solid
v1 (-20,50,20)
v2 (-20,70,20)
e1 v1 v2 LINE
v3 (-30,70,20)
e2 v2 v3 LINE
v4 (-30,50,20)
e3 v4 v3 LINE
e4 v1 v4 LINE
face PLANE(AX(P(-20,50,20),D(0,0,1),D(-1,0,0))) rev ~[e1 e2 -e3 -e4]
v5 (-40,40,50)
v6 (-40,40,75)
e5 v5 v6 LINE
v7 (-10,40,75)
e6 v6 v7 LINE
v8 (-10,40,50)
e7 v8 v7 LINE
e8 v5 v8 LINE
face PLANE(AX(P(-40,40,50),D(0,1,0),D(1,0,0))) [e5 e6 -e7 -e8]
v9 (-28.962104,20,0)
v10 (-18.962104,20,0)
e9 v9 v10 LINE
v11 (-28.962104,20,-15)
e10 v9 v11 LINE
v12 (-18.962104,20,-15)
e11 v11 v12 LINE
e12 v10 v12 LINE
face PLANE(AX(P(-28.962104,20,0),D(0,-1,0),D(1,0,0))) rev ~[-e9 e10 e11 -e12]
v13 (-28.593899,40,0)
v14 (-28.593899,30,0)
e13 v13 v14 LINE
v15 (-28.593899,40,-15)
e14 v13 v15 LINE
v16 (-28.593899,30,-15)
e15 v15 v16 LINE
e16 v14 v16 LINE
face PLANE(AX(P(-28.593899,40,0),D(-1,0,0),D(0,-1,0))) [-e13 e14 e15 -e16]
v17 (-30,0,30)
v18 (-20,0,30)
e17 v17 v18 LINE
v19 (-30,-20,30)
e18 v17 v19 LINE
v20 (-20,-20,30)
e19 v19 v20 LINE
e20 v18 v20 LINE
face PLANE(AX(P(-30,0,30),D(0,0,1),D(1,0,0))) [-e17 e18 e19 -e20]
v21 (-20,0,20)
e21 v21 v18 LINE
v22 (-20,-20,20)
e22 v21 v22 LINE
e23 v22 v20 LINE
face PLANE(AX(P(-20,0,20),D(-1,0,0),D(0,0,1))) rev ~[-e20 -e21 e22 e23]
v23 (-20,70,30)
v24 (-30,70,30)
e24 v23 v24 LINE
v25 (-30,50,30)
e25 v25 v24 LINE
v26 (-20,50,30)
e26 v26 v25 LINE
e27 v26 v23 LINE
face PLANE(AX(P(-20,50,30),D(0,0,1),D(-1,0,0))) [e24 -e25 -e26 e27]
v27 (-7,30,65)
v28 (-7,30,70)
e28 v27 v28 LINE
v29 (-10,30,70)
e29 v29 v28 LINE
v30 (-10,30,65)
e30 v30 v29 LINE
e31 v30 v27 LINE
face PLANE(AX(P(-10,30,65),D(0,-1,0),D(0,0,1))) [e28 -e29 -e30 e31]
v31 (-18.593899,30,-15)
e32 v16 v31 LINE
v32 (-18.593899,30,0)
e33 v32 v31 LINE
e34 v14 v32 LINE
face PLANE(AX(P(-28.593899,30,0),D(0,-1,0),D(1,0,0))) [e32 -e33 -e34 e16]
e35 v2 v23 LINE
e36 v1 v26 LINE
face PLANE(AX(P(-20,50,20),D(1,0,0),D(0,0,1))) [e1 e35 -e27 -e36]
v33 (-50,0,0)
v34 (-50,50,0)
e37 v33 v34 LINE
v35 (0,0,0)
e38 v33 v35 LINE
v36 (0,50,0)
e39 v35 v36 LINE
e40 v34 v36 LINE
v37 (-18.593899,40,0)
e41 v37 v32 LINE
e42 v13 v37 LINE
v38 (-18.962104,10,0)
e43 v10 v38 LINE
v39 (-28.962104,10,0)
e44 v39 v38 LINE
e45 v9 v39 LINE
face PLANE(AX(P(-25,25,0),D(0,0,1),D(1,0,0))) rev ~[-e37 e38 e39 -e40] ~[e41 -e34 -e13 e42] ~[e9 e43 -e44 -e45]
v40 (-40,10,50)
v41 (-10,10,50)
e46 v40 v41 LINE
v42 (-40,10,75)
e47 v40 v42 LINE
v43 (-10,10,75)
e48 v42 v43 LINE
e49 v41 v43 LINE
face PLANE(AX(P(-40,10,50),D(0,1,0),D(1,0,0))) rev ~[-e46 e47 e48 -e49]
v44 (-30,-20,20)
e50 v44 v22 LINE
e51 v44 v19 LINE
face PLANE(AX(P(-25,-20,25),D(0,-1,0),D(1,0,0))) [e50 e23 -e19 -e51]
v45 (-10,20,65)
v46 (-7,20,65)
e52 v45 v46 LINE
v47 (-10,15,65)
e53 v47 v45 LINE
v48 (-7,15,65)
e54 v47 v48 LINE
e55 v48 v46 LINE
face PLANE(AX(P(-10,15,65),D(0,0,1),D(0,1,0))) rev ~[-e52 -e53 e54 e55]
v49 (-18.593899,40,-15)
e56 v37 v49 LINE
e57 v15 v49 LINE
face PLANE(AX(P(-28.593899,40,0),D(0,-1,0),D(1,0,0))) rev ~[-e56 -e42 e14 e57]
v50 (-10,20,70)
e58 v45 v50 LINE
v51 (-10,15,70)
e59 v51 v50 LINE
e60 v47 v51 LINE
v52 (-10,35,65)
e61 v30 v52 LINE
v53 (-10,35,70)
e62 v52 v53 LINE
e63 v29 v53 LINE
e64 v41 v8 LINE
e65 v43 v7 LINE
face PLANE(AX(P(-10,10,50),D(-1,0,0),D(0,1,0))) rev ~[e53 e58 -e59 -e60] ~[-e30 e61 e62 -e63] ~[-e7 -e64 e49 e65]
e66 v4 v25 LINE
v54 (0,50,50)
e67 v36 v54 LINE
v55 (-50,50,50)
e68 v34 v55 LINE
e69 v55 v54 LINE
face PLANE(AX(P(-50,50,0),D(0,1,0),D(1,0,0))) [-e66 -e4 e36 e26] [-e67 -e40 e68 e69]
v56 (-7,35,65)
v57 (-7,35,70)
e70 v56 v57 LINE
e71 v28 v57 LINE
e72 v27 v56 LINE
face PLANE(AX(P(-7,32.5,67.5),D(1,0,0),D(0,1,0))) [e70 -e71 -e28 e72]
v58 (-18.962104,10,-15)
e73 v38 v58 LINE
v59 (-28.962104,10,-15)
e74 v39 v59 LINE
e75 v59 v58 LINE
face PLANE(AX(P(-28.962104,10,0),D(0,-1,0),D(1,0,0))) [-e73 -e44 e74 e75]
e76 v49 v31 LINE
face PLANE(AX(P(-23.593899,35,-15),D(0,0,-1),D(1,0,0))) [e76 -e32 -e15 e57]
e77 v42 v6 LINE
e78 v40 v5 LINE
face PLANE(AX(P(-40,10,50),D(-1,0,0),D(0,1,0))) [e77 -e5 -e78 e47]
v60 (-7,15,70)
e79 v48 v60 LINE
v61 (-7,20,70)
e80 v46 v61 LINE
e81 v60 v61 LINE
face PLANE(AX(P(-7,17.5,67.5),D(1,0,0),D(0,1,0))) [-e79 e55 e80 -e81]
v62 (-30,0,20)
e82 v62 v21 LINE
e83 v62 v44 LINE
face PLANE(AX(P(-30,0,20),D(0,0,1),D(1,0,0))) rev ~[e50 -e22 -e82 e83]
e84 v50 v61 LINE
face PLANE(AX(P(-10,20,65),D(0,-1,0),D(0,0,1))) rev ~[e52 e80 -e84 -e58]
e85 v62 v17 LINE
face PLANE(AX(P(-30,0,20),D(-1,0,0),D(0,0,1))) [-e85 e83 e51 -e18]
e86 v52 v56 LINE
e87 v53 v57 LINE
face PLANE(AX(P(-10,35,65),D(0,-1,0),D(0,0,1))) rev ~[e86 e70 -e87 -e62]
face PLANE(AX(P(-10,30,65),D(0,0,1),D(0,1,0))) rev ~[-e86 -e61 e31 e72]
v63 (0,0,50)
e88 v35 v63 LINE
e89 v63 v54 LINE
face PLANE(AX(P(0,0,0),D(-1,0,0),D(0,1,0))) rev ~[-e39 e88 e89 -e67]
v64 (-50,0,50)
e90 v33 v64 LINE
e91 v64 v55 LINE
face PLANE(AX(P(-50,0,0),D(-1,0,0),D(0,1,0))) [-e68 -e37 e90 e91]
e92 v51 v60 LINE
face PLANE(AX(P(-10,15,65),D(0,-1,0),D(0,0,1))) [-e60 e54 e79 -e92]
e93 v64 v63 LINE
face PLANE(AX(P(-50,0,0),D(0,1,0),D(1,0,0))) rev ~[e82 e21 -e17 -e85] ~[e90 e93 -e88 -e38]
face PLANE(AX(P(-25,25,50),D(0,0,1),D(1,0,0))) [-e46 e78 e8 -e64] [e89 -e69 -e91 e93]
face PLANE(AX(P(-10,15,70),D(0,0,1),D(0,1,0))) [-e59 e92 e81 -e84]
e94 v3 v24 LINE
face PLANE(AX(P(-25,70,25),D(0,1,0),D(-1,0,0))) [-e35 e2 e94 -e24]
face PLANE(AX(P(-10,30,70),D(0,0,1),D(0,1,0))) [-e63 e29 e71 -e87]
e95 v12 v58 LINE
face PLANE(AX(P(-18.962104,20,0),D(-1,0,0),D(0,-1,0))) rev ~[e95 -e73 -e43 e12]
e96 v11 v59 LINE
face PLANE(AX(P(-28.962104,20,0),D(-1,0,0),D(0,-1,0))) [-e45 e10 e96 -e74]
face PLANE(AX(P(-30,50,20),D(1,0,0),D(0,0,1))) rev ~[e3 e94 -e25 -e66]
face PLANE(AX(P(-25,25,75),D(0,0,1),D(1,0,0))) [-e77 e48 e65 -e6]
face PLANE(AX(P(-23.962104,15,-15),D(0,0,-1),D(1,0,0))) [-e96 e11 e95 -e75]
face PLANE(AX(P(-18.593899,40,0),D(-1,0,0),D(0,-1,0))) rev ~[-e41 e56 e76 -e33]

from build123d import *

# Parameters (mm, degrees)
F0_W      = 50
F0_H      = 50
F1_DEPTH  = 50
F2_W      = 30
F2_H      = 30
F3_DEPTH  = 25
F4_W      = 10
F4_H      = 10
F5_DEPTH  = 20
F6_W      = 10
F6_H      = 10
F7_DEPTH  = 20
F8_W      = 10
F8_H      = 10
F9_DEPTH  = 15
F10_W     = 5
F10_H     = 5
F11_DEPTH = 3


with BuildPart() as f1:
    # F0 (on Top) → F1 (new body)
    with BuildSketch(Plane.XY):
        with Locations((-25, 25)):
            Rectangle(F0_W, F0_H)
    extrude(amount=F1_DEPTH)

    # F2 (on face) → F3 (join)
    with BuildSketch(Plane.XY.offset(50)):
        with Locations((-25, 25)):
            Rectangle(F2_W, F2_H)
    extrude(amount=F3_DEPTH)

    # F4 (on face) → F5 (join)
    with BuildSketch(Plane.XZ):
        with Locations((-25, 25)):
            Rectangle(F4_W, F4_H)
    extrude(amount=F5_DEPTH)

    # F6 (on face) → F7 (join)
    with BuildSketch(Plane(origin=(0, 50, 0), x_dir=(-1, 0, 0), z_dir=(0, 1, 0))):
        with Locations((25, 25)):
            Rectangle(F6_W, F6_H)
    extrude(amount=F7_DEPTH)

    # F8 (on face) → F9 (join)
    with BuildSketch(Plane(origin=(0, 0, 0), x_dir=(1, 0, 0), z_dir=(0, 0, -1))):
        with Locations((-23.593899, -35)):
            Rectangle(F8_W, F8_H)
        with Locations((-23.962104, -15)):
            Rectangle(F8_W, F8_H)
    extrude(amount=F9_DEPTH)

    # F10 (on face) → F11 (join)
    with BuildSketch(Plane.YZ.offset(-10)):
        with Locations((17.5, 67.5)):
            Rectangle(F10_W, F10_H)
        with Locations((32.5, 67.5)):
            Rectangle(F10_W, F10_H)
    extrude(amount=F11_DEPTH)


solid = f1.part
